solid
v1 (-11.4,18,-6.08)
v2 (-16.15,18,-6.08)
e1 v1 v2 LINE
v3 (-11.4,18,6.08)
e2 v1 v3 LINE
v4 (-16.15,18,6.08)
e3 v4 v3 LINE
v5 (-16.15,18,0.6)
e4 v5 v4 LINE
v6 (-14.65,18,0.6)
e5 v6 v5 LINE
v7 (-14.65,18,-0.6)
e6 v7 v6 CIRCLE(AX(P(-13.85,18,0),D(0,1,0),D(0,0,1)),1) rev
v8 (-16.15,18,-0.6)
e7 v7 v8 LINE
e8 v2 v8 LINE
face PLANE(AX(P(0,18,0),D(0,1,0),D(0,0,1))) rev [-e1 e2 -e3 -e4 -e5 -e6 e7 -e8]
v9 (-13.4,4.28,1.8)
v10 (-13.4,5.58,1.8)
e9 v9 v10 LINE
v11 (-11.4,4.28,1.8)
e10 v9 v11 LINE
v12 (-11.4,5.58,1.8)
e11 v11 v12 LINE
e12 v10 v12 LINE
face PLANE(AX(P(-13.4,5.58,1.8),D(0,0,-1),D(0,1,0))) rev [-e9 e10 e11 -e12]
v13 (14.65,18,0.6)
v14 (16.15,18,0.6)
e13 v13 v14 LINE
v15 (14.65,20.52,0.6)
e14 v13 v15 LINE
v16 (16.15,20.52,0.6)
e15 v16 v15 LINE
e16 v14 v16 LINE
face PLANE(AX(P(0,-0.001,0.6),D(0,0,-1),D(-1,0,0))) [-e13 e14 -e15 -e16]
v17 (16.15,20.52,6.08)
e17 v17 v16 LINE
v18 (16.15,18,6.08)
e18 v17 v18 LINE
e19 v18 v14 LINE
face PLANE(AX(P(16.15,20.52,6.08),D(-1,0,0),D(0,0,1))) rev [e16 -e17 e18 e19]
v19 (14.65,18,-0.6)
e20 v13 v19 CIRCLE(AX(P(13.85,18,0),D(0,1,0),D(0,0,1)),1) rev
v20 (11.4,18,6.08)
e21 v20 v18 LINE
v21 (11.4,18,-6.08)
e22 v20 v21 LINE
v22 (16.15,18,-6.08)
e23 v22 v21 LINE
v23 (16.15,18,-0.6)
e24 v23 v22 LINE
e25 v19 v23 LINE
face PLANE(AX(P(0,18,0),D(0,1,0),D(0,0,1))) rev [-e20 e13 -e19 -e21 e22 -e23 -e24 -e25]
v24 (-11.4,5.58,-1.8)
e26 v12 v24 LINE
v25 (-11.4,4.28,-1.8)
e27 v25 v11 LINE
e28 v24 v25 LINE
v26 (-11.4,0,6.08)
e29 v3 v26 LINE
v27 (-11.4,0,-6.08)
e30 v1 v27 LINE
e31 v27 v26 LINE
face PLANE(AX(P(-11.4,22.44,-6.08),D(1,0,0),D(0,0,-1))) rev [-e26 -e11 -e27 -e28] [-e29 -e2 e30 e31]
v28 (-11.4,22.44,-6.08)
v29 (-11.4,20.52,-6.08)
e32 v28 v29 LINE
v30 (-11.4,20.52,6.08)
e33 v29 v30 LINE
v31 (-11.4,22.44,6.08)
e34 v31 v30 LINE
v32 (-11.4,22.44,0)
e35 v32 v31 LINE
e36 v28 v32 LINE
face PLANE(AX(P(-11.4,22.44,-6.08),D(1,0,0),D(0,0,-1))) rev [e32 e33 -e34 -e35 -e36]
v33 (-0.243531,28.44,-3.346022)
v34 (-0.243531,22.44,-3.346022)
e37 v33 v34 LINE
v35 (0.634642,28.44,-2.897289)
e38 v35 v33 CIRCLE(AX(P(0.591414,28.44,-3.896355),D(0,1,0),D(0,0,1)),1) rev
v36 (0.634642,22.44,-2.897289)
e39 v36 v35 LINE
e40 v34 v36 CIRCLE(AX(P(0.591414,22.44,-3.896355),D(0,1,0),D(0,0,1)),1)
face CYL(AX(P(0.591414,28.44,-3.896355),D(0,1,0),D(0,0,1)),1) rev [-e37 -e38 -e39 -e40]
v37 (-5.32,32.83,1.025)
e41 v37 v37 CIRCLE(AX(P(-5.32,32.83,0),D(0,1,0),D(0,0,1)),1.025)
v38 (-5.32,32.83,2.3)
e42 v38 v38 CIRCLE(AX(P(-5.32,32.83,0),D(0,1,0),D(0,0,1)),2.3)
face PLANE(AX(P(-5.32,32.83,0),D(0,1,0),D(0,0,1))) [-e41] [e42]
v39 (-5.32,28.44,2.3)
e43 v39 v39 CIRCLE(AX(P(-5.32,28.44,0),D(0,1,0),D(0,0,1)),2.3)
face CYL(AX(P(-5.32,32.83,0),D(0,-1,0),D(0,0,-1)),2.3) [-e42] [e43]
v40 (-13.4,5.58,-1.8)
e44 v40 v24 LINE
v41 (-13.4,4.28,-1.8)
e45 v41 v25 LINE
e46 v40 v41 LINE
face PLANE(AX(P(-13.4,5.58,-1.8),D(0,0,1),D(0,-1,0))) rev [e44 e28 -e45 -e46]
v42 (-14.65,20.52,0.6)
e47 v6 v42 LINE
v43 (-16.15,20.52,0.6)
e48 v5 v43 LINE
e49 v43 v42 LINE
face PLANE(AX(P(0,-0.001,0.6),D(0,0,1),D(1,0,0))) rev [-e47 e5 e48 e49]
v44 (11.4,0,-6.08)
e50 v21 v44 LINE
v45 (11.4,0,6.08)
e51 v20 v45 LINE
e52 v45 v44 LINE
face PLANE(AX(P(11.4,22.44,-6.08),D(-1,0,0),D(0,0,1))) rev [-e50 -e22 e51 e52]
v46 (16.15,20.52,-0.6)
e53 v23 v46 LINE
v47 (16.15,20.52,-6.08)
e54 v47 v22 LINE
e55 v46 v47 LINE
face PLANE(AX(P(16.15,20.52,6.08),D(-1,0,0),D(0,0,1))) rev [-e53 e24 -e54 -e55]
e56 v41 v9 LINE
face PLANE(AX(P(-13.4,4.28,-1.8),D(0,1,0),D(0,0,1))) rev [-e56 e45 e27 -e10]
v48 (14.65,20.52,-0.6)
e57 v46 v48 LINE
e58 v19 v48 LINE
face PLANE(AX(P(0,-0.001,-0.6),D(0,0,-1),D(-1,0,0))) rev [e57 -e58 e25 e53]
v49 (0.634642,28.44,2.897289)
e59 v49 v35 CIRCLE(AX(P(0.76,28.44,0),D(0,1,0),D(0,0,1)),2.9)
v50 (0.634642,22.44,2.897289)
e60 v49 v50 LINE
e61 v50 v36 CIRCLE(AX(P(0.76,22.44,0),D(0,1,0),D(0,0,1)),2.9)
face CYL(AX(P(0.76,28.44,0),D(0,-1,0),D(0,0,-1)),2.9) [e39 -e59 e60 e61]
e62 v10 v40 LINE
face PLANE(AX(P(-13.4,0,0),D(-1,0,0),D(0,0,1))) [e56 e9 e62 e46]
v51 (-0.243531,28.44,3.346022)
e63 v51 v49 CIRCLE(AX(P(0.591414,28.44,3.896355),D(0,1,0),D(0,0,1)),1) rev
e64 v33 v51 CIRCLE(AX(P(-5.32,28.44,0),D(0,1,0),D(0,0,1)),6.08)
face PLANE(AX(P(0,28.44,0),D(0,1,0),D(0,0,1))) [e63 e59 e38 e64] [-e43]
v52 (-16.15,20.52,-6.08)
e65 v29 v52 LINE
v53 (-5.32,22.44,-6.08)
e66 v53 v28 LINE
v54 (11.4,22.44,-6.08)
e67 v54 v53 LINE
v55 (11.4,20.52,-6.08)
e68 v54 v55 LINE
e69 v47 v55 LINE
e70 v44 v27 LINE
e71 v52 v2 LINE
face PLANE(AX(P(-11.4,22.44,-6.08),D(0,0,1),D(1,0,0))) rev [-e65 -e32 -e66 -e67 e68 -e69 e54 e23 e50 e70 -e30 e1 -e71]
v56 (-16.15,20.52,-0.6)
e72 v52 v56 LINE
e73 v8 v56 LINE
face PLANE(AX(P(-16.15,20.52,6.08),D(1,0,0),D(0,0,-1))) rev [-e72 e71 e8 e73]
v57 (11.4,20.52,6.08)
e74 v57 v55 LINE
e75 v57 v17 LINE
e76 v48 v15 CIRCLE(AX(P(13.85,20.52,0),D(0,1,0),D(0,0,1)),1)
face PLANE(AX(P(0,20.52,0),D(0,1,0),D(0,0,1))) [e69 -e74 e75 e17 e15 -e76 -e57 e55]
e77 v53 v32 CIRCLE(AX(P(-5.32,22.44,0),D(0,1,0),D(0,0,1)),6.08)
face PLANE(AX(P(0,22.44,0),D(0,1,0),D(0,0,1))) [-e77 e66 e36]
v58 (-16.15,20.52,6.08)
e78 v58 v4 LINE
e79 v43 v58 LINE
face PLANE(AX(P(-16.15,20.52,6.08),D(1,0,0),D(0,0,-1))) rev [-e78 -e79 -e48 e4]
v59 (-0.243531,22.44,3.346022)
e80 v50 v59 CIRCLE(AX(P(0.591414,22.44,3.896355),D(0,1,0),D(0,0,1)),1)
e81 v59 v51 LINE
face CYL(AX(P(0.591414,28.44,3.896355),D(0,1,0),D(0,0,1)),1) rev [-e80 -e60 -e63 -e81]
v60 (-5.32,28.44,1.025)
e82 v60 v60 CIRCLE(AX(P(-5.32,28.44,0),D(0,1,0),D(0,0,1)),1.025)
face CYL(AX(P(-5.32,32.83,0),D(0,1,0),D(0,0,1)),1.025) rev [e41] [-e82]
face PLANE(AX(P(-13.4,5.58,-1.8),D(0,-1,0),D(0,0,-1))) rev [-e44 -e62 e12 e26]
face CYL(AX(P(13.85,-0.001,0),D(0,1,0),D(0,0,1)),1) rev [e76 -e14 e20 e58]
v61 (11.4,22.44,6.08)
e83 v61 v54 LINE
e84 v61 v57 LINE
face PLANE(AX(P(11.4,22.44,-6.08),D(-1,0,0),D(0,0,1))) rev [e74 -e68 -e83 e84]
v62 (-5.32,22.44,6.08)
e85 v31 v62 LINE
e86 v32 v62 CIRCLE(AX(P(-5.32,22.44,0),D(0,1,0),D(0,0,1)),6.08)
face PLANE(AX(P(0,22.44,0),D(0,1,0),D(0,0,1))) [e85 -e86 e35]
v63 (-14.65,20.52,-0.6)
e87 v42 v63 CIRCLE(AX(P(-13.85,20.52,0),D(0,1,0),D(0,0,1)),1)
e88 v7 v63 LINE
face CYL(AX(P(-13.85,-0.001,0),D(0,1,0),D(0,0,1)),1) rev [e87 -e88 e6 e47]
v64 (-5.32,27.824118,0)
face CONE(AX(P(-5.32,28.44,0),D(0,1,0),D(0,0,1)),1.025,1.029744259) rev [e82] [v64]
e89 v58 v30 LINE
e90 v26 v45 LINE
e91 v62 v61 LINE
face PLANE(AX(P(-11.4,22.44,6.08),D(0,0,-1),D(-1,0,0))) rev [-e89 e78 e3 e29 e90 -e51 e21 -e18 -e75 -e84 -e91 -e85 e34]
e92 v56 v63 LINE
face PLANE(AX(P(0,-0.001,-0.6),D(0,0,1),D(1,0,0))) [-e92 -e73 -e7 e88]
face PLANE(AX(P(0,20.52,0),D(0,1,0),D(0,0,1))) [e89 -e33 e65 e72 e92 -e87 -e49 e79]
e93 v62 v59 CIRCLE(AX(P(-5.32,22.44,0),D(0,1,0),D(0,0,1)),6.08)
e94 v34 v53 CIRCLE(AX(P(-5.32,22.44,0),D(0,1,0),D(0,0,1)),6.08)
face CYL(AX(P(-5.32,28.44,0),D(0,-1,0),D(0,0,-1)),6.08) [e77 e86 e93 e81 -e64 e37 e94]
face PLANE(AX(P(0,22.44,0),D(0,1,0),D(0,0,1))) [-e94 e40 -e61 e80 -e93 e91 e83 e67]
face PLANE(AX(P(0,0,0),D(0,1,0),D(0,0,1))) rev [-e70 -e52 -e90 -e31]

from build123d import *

# Parameters (mm, degrees)
SKETCH_1_W               = 22.8
SKETCH_1_H               = 12.16
EXTRUDE_1_DEPTH          = 22.44
EXTRUDE_START            = 18
SKETCH_3_W               = 32.3
SKETCH_3_H               = 12.16
EXTRUDE_2_DEPTH          = 2.52
EXTRUDE_3_DEPTH          = 6
FILLET_1_R               = 1
CUT_EXTRUDE_1_REACH      = 28.812
SKETCH_6_R               = 2.3
EXTRUDE_4_DEPTH          = 4.39
HOLE_WIZARD_M2_5_1_D     = 2.05
HOLE_WIZARD_M2_5_1_DEPTH = 4.39
HOLE_WIZARD_M2_5_1_TIP   = 0.615882135
SKETCH_10_W              = 3.6
SKETCH_10_H              = 1.3
EXTRUDE_5_DEPTH          = 2


with BuildPart() as part:
    # 草图1 → 凸台-拉伸1 (new body)
    with BuildSketch(Plane(origin=(0, 0, 0), x_dir=(1, 0, 0), z_dir=(0, 1, 0))):
        Rectangle(SKETCH_1_W, SKETCH_1_H)
    extrude(amount=EXTRUDE_1_DEPTH)

    # 草图3 → 凸台-拉伸2 (add)
    with BuildSketch(Plane(origin=(0, 0, 0), x_dir=(1, 0, 0), z_dir=(0, 1, 0)).offset(EXTRUDE_START)):
        Rectangle(SKETCH_3_W, SKETCH_3_H)
    extrude(amount=EXTRUDE_2_DEPTH)

    # 草图4 → 凸台-拉伸3 (add)
    with BuildSketch(Plane(origin=(0, 22.44, 0), x_dir=(1, 0, 0), z_dir=(0, 1, 0))):
        with BuildLine():
            ThreePointArc((0.068388158, -2.816322613), (3.66, 0), (0.068388158, 2.816322613))
            ThreePointArc((0.068388158, 2.816322613), (-11.4, 0), (0.068388158, -2.816322613))
        make_face()
    extrude(amount=EXTRUDE_3_DEPTH)

    # 圆角1
    fillet_1_edges = [part.edges().sort_by_distance(p)[0] for p in [
        (0.068388158, 25.44, -2.816322613),
        (0.068388158, 25.44, 2.816322613),
    ]]
    fillet(fillet_1_edges, radius=FILLET_1_R)

    # 草图5 → 切除-拉伸1 (cut, up to next)
    with BuildSketch(Plane(origin=(0, 20.52, 0), x_dir=(1, 0, 0), z_dir=(0, 1, 0)), mode=Mode.PRIVATE) as cut_extrude_1_sk1:
        with BuildLine():
            Line((-18.45, 0.6), (-18.45, -0.6))
            Line((-18.45, -0.6), (-14.65, -0.6))
            ThreePointArc((-14.65, -0.6), (-12.85, 0), (-14.65, 0.6))
            Line((-14.65, 0.6), (-18.45, 0.6))
        make_face()
    cut_extrude_1_tool1 = extrude(cut_extrude_1_sk1.sketch, amount=-CUT_EXTRUDE_1_REACH, mode=Mode.PRIVATE) & part.part
    # 草图5 → 切除-拉伸1 (cut, up to next)
    with BuildSketch(Plane(origin=(0, 20.52, 0), x_dir=(1, 0, 0), z_dir=(0, 1, 0)), mode=Mode.PRIVATE) as cut_extrude_1_sk2:
        with BuildLine():
            Line((14.65, -0.6), (18.45, -0.6))
            Line((18.45, -0.6), (18.45, 0.6))
            Line((18.45, 0.6), (14.65, 0.6))
            ThreePointArc((14.65, 0.6), (12.85, 0), (14.65, -0.6))
        make_face()
    cut_extrude_1_tool2 = extrude(cut_extrude_1_sk2.sketch, amount=-CUT_EXTRUDE_1_REACH, mode=Mode.PRIVATE) & part.part
    add(cut_extrude_1_tool1.solids().sort_by_distance((-15.464202, 20.52, 0))[0], mode=Mode.SUBTRACT)
    add(cut_extrude_1_tool2.solids().sort_by_distance((15.464202, 20.52, 0))[0], mode=Mode.SUBTRACT)

    # 草图6 → 凸台-拉伸4 (add)
    with BuildSketch(Plane(origin=(0, 28.44, 0), x_dir=(1, 0, 0), z_dir=(0, 1, 0))):
        with Locations((-5.32, 0)):
            Circle(SKETCH_6_R)
    extrude(amount=EXTRUDE_4_DEPTH)

    # M2.5 螺纹孔1
    with Locations(Plane(origin=(0, 32.83, 0), x_dir=(1, 0, 0), z_dir=(0, 1, 0))):
        with Locations((-5.32, 0)):
            Hole(HOLE_WIZARD_M2_5_1_D / 2, depth=HOLE_WIZARD_M2_5_1_DEPTH)
            with Locations((0, 0, -(HOLE_WIZARD_M2_5_1_DEPTH + HOLE_WIZARD_M2_5_1_TIP / 2))):  # 118° drill point
                Cone(0, HOLE_WIZARD_M2_5_1_D / 2, HOLE_WIZARD_M2_5_1_TIP, mode=Mode.SUBTRACT)

    # 草图10 → 凸台-拉伸5 (add)
    with BuildSketch(Plane.ZY.offset(11.4)):
        with Locations((0, 4.93)):
            Rectangle(SKETCH_10_W, SKETCH_10_H)
    extrude(amount=EXTRUDE_5_DEPTH)


solid = part.part
